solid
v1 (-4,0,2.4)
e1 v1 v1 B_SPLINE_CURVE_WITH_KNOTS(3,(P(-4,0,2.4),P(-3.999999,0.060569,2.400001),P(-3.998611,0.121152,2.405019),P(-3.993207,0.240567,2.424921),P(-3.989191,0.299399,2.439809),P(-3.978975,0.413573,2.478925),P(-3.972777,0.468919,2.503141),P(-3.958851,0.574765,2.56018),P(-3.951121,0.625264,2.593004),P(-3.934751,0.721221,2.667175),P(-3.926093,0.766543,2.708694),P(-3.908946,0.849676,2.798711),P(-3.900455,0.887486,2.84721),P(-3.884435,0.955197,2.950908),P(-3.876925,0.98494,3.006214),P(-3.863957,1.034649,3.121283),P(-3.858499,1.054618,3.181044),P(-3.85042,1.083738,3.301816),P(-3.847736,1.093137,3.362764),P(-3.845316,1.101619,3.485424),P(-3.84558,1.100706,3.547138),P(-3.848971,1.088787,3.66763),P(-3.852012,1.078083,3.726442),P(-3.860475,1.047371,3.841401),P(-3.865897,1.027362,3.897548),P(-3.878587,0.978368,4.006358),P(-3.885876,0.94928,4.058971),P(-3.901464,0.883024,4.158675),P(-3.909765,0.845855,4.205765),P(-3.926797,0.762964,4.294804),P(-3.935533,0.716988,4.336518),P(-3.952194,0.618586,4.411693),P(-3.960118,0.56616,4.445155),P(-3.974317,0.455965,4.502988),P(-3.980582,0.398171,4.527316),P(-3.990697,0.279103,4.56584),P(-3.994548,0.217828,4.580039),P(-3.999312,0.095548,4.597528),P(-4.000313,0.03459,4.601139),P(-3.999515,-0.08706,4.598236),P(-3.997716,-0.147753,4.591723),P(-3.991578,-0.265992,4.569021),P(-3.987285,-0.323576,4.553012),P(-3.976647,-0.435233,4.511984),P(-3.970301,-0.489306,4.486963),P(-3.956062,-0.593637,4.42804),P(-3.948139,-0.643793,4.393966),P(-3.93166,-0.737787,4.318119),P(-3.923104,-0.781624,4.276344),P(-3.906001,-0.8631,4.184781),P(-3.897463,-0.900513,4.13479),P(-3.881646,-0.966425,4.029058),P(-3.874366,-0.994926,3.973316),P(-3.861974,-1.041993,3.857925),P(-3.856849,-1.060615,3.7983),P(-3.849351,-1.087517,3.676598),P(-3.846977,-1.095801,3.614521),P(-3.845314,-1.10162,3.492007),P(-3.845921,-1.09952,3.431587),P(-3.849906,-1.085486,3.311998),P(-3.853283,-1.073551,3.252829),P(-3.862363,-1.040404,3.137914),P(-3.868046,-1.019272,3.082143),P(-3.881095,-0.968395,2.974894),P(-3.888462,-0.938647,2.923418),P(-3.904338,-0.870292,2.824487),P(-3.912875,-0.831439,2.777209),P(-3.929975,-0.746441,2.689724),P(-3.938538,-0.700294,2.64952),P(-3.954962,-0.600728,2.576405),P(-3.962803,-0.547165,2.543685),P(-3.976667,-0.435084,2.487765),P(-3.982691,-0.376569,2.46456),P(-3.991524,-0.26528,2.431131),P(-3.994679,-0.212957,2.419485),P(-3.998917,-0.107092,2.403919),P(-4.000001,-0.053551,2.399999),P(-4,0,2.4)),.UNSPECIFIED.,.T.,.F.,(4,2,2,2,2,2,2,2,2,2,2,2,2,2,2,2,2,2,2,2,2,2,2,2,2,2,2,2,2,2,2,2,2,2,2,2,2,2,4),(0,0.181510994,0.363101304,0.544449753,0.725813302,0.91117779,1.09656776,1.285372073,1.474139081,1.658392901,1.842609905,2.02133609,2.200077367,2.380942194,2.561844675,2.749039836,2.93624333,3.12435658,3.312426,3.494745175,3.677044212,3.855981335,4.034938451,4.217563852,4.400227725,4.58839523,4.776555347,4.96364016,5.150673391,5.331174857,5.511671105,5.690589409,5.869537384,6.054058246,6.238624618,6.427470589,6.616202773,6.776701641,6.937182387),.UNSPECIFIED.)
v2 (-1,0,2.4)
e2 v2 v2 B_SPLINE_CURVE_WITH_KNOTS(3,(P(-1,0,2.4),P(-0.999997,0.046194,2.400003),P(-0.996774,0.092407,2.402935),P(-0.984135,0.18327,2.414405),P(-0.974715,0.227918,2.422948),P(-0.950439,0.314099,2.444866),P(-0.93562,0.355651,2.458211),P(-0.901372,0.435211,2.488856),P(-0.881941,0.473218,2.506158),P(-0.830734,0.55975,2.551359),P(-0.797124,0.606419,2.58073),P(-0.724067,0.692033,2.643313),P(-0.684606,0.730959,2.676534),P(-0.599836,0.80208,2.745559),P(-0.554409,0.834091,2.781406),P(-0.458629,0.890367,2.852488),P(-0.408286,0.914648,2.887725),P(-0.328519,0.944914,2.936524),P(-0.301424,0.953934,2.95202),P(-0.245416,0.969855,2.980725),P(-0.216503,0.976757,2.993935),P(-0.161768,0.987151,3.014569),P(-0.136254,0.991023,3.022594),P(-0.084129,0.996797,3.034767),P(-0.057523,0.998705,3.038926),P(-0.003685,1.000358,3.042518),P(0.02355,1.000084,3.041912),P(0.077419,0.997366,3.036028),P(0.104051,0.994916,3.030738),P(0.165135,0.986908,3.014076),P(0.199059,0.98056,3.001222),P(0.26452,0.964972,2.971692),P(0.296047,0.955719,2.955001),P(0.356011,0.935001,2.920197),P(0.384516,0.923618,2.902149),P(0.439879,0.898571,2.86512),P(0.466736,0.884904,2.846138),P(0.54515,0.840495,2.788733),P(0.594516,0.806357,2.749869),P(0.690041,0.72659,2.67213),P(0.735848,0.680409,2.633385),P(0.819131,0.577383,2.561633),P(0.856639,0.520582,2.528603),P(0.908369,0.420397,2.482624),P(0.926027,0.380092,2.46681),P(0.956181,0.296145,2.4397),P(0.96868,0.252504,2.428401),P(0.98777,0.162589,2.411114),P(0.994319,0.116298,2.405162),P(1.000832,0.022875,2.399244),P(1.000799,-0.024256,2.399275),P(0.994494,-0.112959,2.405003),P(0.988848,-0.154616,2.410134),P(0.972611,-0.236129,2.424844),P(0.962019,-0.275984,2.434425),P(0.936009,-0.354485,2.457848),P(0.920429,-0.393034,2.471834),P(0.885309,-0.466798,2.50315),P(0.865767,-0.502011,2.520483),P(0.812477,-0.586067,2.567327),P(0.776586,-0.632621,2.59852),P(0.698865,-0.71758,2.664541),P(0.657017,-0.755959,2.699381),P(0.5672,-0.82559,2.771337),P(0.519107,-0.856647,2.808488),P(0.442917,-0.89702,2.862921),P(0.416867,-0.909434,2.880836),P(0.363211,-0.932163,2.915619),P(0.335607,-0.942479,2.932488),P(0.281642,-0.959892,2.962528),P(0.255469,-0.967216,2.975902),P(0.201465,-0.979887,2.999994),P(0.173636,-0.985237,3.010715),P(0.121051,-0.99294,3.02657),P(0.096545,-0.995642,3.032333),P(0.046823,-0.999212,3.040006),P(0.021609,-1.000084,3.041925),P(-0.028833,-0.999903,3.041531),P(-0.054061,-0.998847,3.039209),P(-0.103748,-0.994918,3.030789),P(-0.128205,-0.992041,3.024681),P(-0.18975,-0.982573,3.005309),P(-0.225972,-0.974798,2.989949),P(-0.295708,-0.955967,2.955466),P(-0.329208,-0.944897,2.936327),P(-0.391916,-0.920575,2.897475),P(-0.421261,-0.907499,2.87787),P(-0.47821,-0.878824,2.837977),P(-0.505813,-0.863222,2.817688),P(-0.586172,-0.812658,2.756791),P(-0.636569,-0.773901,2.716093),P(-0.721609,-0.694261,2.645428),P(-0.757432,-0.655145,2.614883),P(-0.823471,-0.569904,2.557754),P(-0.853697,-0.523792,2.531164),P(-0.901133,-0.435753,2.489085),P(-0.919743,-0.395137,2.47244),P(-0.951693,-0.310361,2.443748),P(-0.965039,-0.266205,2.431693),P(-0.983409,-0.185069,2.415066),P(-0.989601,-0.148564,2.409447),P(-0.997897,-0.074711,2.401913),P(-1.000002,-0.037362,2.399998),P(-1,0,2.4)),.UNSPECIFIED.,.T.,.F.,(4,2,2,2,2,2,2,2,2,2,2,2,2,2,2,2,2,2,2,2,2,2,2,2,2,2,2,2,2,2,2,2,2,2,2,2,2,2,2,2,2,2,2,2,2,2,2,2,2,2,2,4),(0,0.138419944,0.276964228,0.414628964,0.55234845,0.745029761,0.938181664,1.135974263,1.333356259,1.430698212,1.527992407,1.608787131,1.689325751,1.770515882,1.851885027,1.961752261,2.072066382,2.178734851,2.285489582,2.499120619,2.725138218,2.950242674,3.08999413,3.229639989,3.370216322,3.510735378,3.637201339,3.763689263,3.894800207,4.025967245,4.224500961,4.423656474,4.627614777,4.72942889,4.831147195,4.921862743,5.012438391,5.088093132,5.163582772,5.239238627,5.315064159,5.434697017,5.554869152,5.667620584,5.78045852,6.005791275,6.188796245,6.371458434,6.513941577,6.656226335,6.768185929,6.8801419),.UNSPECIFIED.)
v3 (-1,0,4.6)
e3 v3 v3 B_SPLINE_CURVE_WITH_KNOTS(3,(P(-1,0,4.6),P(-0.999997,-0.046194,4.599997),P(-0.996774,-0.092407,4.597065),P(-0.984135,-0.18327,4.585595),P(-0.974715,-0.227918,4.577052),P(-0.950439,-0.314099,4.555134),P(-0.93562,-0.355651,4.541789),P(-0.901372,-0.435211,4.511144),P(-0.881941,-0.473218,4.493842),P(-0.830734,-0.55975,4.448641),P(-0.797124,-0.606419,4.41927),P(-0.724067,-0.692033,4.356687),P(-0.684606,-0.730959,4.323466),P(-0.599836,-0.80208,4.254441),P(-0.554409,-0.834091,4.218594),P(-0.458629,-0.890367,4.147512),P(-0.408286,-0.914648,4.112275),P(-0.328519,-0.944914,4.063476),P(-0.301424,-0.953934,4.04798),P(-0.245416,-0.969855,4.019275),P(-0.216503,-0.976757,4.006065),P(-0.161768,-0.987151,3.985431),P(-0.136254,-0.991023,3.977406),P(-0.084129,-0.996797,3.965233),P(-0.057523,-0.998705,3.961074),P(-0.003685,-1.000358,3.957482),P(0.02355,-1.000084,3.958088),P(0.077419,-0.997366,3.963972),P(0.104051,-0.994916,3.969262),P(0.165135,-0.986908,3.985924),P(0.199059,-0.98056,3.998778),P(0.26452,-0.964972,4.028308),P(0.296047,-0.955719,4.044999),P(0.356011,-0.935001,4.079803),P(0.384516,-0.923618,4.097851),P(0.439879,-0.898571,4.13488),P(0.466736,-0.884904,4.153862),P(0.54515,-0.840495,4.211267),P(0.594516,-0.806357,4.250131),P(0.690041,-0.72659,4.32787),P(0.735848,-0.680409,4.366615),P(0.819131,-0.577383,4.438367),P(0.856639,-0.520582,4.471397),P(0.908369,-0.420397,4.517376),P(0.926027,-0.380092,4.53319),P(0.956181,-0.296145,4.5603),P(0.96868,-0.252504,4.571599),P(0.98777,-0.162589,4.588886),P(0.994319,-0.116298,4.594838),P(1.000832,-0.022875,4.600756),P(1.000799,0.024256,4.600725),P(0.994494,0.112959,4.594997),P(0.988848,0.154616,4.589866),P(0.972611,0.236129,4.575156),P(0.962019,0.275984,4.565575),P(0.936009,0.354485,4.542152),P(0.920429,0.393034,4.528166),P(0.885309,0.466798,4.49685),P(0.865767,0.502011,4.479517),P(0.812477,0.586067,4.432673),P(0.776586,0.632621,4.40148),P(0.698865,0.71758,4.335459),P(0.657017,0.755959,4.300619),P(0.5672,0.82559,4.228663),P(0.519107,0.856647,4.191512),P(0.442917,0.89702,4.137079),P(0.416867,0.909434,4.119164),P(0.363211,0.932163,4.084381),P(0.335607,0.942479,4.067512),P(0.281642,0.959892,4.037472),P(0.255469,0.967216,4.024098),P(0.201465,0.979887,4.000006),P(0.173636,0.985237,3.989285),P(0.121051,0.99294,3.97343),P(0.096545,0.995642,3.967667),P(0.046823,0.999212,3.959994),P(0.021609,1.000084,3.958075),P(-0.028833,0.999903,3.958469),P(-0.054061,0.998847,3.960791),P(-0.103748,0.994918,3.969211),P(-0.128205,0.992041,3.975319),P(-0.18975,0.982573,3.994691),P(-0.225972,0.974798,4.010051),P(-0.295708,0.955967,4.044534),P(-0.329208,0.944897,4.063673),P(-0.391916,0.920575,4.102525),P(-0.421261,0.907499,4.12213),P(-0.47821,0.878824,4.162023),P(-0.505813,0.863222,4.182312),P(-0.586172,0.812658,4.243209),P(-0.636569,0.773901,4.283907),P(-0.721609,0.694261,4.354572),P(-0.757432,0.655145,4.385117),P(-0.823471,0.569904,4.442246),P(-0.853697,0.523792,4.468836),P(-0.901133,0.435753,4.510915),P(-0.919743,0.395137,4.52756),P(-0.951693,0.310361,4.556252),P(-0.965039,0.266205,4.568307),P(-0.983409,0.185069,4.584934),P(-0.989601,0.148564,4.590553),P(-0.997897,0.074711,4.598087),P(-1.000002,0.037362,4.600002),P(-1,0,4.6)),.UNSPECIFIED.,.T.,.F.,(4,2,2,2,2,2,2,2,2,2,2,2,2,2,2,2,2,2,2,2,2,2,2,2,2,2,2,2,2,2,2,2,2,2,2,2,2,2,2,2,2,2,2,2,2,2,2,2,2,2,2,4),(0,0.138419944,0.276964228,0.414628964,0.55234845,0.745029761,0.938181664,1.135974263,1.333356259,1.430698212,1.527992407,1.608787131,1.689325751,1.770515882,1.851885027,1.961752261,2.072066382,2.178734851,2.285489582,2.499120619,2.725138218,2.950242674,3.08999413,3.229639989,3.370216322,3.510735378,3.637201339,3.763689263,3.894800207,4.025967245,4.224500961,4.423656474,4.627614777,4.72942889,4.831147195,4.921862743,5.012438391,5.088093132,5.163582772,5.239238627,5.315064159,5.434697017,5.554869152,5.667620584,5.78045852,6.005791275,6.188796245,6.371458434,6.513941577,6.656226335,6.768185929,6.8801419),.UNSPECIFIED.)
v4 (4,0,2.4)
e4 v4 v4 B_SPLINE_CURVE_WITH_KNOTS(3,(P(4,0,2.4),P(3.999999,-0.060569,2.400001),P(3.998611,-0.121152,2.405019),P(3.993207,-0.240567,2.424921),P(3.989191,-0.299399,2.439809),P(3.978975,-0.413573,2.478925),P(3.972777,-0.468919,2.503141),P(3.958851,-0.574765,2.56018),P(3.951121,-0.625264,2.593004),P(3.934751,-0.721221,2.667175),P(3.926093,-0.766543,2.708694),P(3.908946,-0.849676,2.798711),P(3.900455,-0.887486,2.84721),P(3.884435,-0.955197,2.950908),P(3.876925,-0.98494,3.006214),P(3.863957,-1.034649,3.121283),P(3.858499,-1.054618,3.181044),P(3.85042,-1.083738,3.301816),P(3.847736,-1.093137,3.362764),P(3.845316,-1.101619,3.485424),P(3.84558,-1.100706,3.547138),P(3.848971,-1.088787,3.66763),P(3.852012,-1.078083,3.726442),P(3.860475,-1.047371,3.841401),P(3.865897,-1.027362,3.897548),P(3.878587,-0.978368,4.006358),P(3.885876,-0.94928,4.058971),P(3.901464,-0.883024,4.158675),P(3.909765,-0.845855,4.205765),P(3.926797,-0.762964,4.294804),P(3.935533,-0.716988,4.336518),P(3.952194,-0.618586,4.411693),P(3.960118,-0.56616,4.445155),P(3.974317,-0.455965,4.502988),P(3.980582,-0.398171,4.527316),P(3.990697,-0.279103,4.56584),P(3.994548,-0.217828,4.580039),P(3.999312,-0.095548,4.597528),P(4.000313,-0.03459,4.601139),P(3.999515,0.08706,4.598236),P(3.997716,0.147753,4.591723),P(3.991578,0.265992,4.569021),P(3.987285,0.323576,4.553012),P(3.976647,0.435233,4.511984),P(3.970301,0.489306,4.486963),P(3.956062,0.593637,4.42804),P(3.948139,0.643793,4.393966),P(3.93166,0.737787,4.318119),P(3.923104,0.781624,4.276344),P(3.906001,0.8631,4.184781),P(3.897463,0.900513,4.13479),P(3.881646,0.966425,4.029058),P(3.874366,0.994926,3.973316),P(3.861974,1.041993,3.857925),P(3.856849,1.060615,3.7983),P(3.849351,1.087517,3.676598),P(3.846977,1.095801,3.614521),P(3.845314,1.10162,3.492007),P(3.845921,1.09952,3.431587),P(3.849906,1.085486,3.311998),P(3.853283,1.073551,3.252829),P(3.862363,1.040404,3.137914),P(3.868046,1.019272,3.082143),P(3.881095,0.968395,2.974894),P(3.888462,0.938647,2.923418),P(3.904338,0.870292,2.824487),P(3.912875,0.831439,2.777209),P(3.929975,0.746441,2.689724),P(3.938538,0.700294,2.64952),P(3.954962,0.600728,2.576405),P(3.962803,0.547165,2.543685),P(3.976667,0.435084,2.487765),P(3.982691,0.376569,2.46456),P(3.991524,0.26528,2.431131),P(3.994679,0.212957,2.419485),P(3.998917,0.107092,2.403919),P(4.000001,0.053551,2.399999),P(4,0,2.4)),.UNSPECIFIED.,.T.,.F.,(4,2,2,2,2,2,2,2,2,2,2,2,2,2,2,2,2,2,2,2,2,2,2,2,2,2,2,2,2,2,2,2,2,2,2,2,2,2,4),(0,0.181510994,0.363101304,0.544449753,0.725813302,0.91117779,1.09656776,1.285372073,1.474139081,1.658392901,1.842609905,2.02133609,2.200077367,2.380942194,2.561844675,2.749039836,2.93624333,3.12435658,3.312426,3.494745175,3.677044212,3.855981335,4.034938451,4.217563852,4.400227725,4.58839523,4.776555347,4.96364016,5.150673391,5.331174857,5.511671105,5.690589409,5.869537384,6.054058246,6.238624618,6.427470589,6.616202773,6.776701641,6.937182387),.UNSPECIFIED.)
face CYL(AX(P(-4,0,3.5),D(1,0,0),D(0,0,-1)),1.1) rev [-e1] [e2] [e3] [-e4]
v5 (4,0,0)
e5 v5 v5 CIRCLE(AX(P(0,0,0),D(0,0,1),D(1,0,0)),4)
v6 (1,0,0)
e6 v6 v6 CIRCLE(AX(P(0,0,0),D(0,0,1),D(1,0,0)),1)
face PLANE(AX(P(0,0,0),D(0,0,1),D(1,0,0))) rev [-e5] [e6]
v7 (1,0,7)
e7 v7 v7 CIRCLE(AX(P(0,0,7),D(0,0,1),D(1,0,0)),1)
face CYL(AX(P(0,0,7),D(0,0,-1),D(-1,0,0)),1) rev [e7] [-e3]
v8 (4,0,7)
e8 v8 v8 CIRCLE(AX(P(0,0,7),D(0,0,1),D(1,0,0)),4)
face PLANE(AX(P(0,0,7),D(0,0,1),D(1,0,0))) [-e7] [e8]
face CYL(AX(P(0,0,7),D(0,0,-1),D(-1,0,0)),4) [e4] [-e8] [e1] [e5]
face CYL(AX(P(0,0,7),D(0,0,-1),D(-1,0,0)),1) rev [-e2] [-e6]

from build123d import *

# Parameters (mm, degrees)
SKETCH1_R           = 4
SKETCH1_R_2         = 1
BOSS_EXTRUDE1_DEPTH = 7
SKETCH3_R           = 1.1
CUT_EXTRUDE1_DEPTH  = 12.357816692


with BuildPart() as part:
    # Sketch1 → Boss-Extrude1 (new body)
    with BuildSketch(Plane.XY):
        Circle(SKETCH1_R)
        Circle(SKETCH1_R_2, mode=Mode.SUBTRACT)
    extrude(amount=BOSS_EXTRUDE1_DEPTH)

    # Sketch3 → Cut-Extrude1 (cut, through all)
    with BuildSketch(Plane(origin=(4, 0, 0), x_dir=(0, 0, -1), z_dir=(1, 0, 0))):
        with Locations((-3.5, 0)):
            Circle(SKETCH3_R)
    extrude(amount=-CUT_EXTRUDE1_DEPTH, mode=Mode.SUBTRACT)


solid = part.part
